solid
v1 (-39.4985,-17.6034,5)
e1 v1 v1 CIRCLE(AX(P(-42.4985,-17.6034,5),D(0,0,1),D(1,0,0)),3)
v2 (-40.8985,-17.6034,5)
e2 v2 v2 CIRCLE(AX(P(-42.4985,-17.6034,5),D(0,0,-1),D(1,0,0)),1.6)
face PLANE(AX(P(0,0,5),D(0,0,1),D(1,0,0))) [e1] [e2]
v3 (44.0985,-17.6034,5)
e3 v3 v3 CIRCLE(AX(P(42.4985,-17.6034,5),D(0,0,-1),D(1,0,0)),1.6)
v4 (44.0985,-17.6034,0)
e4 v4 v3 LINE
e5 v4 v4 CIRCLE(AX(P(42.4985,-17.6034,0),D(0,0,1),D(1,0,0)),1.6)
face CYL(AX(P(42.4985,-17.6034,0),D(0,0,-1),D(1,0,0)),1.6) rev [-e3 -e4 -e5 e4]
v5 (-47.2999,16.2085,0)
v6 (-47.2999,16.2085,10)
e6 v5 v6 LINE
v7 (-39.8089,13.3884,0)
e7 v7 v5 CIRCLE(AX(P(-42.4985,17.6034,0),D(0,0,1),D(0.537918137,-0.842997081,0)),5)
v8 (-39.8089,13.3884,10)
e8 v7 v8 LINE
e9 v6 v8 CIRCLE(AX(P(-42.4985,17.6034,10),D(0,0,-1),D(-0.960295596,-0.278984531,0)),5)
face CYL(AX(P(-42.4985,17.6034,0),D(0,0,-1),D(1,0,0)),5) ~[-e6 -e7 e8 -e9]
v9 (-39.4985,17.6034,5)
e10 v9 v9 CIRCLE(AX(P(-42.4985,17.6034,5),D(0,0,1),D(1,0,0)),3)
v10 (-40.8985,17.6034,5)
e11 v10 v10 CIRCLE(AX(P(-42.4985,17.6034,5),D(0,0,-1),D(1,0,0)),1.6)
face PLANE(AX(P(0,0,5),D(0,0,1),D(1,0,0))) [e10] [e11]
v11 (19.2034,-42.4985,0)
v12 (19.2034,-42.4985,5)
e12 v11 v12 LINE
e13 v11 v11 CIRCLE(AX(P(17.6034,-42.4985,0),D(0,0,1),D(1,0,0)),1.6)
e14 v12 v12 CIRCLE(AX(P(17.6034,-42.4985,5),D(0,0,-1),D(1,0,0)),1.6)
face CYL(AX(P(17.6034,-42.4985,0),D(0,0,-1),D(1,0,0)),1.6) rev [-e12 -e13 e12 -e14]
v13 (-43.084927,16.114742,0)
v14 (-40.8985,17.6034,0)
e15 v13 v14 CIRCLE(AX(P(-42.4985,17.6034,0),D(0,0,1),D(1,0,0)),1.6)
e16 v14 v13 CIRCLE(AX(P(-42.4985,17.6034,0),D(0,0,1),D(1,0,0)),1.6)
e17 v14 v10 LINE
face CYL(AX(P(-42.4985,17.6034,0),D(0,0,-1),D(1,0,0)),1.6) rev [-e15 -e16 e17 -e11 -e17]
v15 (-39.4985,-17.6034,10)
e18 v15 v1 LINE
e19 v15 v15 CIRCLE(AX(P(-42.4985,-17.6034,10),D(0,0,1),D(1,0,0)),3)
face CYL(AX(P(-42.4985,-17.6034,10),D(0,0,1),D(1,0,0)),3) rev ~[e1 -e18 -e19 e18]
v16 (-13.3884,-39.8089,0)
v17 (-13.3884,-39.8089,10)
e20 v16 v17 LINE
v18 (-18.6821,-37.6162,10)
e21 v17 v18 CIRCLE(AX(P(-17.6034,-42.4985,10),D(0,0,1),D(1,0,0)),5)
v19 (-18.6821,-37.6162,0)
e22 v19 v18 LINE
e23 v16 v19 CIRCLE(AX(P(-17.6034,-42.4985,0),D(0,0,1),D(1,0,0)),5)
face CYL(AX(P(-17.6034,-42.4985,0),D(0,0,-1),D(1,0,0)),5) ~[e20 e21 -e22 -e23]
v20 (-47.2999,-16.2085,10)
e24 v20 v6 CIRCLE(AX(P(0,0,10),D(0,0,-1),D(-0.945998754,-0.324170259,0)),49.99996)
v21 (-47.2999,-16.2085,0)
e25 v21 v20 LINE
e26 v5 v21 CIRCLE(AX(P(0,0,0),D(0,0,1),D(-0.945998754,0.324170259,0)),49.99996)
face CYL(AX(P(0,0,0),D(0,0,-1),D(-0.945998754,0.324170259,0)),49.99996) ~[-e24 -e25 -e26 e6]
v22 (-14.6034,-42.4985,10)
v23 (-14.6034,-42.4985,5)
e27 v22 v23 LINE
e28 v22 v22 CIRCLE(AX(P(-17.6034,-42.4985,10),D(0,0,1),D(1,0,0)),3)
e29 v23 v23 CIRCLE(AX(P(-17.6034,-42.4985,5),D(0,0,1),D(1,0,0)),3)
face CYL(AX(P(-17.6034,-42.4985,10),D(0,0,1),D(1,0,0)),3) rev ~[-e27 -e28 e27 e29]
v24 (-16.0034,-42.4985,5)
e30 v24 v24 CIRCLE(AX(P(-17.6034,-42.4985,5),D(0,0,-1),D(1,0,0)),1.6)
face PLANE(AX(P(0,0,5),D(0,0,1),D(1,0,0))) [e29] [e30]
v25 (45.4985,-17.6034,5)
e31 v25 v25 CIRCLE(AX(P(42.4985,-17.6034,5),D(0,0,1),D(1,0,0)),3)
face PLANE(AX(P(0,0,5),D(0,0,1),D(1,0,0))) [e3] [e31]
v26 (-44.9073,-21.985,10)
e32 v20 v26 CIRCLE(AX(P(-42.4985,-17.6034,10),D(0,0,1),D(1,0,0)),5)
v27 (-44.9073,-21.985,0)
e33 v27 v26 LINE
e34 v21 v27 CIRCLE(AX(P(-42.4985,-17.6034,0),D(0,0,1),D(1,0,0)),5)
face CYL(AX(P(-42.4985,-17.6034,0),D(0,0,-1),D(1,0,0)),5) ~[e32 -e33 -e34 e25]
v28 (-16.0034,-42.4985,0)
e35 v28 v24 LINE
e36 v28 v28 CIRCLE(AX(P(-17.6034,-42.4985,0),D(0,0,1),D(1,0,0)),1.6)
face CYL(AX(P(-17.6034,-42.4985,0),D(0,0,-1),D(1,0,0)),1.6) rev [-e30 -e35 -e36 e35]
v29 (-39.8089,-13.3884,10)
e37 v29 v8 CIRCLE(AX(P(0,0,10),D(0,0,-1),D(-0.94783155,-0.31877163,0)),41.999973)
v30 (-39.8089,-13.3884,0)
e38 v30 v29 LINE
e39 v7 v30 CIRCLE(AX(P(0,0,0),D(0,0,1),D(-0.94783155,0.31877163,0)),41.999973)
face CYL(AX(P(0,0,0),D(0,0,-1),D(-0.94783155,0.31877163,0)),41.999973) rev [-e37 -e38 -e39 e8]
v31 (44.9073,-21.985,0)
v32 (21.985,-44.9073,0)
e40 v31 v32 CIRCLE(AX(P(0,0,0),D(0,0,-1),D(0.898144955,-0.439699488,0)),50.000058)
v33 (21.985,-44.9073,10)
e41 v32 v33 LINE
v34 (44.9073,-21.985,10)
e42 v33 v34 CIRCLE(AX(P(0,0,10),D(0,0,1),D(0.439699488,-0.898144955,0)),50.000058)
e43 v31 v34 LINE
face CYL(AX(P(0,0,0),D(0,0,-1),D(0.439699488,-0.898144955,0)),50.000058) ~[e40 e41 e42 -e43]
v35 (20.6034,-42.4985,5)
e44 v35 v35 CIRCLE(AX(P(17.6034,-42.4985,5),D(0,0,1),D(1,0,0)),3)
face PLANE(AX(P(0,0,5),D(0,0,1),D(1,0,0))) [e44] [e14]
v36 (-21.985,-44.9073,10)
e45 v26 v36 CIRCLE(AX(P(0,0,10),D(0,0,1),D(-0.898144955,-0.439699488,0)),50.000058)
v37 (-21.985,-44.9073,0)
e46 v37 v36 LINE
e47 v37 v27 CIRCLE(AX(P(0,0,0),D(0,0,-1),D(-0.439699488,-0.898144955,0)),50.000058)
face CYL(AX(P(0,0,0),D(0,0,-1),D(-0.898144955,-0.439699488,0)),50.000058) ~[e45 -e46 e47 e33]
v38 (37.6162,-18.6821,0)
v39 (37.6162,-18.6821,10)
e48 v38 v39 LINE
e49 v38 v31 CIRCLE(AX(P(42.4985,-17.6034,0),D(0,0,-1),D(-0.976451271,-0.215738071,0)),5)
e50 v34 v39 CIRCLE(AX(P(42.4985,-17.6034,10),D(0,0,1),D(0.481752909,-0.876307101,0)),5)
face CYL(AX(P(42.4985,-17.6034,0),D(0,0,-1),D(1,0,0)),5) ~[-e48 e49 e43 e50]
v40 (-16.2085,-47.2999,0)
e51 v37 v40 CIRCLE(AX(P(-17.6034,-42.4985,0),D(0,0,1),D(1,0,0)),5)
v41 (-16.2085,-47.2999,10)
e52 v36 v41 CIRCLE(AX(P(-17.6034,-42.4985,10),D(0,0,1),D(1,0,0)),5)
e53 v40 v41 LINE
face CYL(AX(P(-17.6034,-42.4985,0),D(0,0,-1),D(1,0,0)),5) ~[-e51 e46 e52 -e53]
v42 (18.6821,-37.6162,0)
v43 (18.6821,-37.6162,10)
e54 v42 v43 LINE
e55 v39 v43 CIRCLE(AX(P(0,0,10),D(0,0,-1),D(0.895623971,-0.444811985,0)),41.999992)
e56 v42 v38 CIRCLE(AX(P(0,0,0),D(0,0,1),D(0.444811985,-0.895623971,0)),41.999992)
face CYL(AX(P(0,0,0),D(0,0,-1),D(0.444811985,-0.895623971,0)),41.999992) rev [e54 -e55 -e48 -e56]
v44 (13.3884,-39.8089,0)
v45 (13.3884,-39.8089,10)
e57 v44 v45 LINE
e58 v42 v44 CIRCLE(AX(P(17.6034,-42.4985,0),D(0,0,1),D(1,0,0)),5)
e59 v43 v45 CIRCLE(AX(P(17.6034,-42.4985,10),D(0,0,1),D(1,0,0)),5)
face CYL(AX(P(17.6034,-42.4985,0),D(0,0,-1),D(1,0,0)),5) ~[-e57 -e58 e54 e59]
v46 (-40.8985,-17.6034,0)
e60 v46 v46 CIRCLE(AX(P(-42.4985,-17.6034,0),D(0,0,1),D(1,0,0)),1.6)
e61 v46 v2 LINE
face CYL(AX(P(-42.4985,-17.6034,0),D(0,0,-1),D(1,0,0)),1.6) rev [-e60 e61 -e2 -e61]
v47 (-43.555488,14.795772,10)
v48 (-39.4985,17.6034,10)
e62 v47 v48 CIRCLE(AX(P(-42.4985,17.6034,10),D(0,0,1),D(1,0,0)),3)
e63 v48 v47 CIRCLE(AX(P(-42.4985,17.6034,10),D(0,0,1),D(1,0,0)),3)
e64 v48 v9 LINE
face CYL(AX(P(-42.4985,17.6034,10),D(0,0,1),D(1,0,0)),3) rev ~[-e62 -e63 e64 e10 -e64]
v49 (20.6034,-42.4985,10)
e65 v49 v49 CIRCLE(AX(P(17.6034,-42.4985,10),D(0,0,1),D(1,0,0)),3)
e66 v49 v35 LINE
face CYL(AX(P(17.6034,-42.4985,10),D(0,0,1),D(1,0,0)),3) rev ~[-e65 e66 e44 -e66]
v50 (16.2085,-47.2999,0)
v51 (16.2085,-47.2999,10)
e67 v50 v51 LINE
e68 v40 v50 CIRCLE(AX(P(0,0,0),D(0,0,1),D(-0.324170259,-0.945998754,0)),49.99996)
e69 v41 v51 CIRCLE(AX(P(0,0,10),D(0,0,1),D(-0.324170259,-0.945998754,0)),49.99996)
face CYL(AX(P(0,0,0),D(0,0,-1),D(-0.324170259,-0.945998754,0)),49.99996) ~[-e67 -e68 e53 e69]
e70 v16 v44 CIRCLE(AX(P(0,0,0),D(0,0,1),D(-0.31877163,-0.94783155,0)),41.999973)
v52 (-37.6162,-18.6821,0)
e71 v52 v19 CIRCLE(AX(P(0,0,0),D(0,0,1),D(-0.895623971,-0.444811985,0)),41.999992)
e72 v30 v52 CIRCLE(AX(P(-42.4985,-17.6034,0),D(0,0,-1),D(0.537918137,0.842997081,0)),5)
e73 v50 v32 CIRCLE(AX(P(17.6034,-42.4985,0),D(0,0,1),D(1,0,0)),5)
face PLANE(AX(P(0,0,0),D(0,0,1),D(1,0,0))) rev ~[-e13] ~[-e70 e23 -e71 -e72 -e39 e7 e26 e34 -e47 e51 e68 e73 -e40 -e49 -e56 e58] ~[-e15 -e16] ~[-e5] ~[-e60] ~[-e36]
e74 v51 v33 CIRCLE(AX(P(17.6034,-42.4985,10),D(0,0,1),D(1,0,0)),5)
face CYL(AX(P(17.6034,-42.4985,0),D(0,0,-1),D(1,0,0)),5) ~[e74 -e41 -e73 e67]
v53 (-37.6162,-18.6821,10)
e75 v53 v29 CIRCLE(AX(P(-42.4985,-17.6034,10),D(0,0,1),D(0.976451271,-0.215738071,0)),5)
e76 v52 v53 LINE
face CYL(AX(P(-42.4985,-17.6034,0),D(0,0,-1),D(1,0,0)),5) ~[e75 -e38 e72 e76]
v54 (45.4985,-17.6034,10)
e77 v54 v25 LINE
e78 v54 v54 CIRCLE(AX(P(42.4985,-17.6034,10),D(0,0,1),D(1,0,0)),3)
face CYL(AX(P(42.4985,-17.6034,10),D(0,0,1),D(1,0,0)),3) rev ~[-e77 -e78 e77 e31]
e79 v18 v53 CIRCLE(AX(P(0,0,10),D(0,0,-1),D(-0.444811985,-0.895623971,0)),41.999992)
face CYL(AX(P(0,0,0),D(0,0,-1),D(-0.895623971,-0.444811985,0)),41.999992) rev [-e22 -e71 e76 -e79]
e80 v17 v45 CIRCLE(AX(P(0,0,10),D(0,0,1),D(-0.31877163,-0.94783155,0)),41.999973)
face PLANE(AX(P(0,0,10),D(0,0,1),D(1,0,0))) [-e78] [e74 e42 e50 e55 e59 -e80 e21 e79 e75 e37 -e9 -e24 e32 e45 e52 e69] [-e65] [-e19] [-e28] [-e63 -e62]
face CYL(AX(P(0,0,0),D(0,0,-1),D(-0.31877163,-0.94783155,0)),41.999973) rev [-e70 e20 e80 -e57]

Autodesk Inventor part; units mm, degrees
ref_plane "YZ Plane" through (0, 0, 0) normal (1, 0, 0) x (0, 1, 0)
ref_plane "XZ Plane" through (0, 0, 0) normal (0, 1, 0) x (-1, 0, 0)
ref_plane "XY Plane" through (0, 0, 0) normal (0, 0, 1) x (1, 0, 0)
sketch "スケッチ1" plane through (0, 0, 0) normal (0, 0, 1) x (1, 0, 0)
  arc A0 (-41.8605, 19.0708) -> (-40.3368, 22.112) centre (0, 0) ccw
  line L0 (0, 0) -> (0, 54.8528)
  line L1 (0, 0) -> (-20.7697, 50.1426)
  circle A1 centre (-17.6034, 42.4985) radius 1.6
  circle A2 centre (-42.4985, 17.6034) radius 1.6
  circle A3 centre (-42.4985, -17.6034) radius 1.6
  circle A4 centre (-17.6034, -42.4985) radius 1.6
  circle A5 centre (17.6034, -42.4985) radius 1.6
  circle A6 centre (42.4985, -17.6034) radius 1.6
  circle A7 centre (42.4985, 17.6034) radius 1.6
  circle A8 centre (17.6034, 42.4985) radius 1.6
  line L2 (0, 0) -> (-55.1659, -46.2897)
  line L3 (-55.1659, -46.2897) -> (-55.1659, 46.2897)
  line L4 (-55.1659, 46.2897) -> (0, 0)
  line L5 (0, 0) -> (-76.7662, 0)
  circle A9 centre (-42.4985, 17.6034) radius 5
  circle A10 centre (-42.4985, -17.6034) radius 5
  circle A11 centre (-17.6034, -42.4985) radius 5
  circle A12 centre (17.6034, -42.4985) radius 5
  line L6 (0, 0) -> (55.1659, -46.2897)
  line L7 (55.1659, 46.2897) -> (0, 0)
  circle A13 centre (-17.6034, 42.4985) radius 5
  circle A14 centre (42.4985, -17.6034) radius 5
  arc A15 (-39.8089, 13.3884) -> (-39.8089, -13.3884) centre (0, 0) ccw
  arc A16 (-47.2999, 16.2085) -> (-47.2999, -16.2085) centre (0, 0) ccw
  arc A17 (-37.6162, -18.6821) -> (-18.6821, -37.6162) centre (0, 0) ccw
  arc A18 (-44.9073, -21.985) -> (-21.985, -44.9073) centre (0, 0) ccw
  arc A19 (-13.3884, -39.8089) -> (13.3884, -39.8089) centre (0, 0) ccw
  arc A20 (-16.2085, -47.2999) -> (16.2085, -47.2999) centre (0, 0) ccw
  arc A21 (18.6821, -37.6162) -> (37.6162, -18.6821) centre (0, 0) ccw
  arc A22 (39.8089, -13.3884) -> (-37.6162, 18.6821) centre (0, 0) ccw
  arc A23 (21.985, -44.9073) -> (44.9073, -21.985) centre (0, 0) ccw
  arc A24 (47.2999, -16.2085) -> (-44.9073, 21.985) centre (0, 0) ccw
  point P0 (-32.1739, 26.9971)
  point P1 (-38.3022, 32.1394)
  dimension "d0" = 92
  dimension "d3" = 22.5
  dimension "d4" = 3.2
  dimension "d7" = 360
  dimension "d9" = 80
  dimension "d10" = 40
  dimension "d18" = 10
  dimension "d19" = 10
  dimension "d20" = 10
  dimension "d21" = 10
  dimension "d24" = 10
  dimension "d25" = 10
extrude "押し出し1" add sketch "スケッチ1" along normal blind 10 contours A9 | A9 A15 L5 A0 | A0 L5 A16 A9 | L5 A15 A10 A0 | A0 A10 A16 L5 | A10 A0 A3 | A0 A3 A10 | A10 A0 L2 A18 | A17 A11 A0 L2 | L2 A0 A10 A17 | A21 A14 A0 L6 | L6 A0 A12 A21 | L2 A0 A11 A18 | A11 A0 A4 | L6 A23 A12 A0 | A0 A14 A23 L6 | A12 A0 A5 | A14 A0 A6 | A11 A0 A4 | A19 A12 A0 A11 | A12 A0 A5 | A0 A6 A14 | A11 A0 A12 A20
sketch "スケッチ2" plane through (0, 0, 10) normal (0, 0, 1) x (1, 0, 0)
  circle A0 centre (-42.4985, -17.6034) radius 1.6 projected
  circle A1 centre (-42.4985, -17.6034) radius 3
  circle A2 centre (-42.4985, 17.6034) radius 1.6 projected
  circle A3 centre (-42.4985, 17.6034) radius 3
  arc A4 (16.2085, -47.2999) -> (21.985, -44.9073) centre (17.6034, -42.4985) ccw projected
  arc A5 (-13.3884, -39.8089) -> (-18.6821, -37.6162) centre (-17.6034, -42.4985) ccw projected
  circle A6 centre (-17.6034, -42.4985) radius 3
  circle A7 centre (17.6034, -42.4985) radius 3
  arc A8 (44.9073, -21.985) -> (37.6162, -18.6821) centre (42.4985, -17.6034) ccw projected
  circle A9 centre (-17.6034, 42.4985) radius 1.6 projected
  circle A10 centre (-17.6034, 42.4985) radius 3
  circle A11 centre (42.4985, -17.6034) radius 3
  arc A12 (-37.6162, -18.6821) -> (-18.6821, -37.6162) centre (0, 0) ccw projected
  arc A13 (-37.6162, -18.6821) -> (-39.8089, -13.3884) centre (-42.4985, -17.6034) ccw projected
  arc A14 (-39.8089, 13.3884) -> (-39.8089, -13.3884) centre (0, 0) ccw projected
  arc A15 (-39.8089, 13.3884) -> (-47.2999, 16.2085) centre (-42.4985, 17.6034) ccw projected
  arc A16 (-47.2999, 16.2085) -> (-47.2999, -16.2085) centre (0, 0) ccw projected
  arc A17 (-47.2999, -16.2085) -> (-44.9073, -21.985) centre (-42.4985, -17.6034) ccw projected
  arc A18 (-44.9073, -21.985) -> (-21.985, -44.9073) centre (0, 0) ccw projected
  arc A19 (-21.985, -44.9073) -> (-16.2085, -47.2999) centre (-17.6034, -42.4985) ccw projected
  arc A20 (-16.2085, -47.2999) -> (16.2085, -47.2999) centre (0, 0) ccw projected
  arc A21 (21.985, -44.9073) -> (44.9073, -21.985) centre (0, 0) ccw projected
  arc A22 (18.6821, -37.6162) -> (37.6162, -18.6821) centre (0, 0) ccw projected
  arc A23 (18.6821, -37.6162) -> (13.3884, -39.8089) centre (17.6034, -42.4985) ccw projected
  arc A24 (-13.3884, -39.8089) -> (13.3884, -39.8089) centre (0, 0) ccw projected
  dimension "d14" = 6
  dimension "d15" = 6
  dimension "d22" = 6
  dimension "d23" = 6
  dimension "d26" = 6
  dimension "d27" = 6
extrude "押し出し2" cut sketch "スケッチ2" against normal blind 5 contours A0 | A1 | A2 | A3 | A6 | A7 | A11
equation "\"d10\" = 0.5 * d9"
equation "\"d24\" = d21"
equation "\"d25\" = d18"
equation "\"d22\" = d15"
equation "\"d23\" = d15"
equation "\"d26\" = d23"
equation "\"d27\" = d14"
properties part number "RP_Hip-Link-stopper" material "ABS プラスチック"
